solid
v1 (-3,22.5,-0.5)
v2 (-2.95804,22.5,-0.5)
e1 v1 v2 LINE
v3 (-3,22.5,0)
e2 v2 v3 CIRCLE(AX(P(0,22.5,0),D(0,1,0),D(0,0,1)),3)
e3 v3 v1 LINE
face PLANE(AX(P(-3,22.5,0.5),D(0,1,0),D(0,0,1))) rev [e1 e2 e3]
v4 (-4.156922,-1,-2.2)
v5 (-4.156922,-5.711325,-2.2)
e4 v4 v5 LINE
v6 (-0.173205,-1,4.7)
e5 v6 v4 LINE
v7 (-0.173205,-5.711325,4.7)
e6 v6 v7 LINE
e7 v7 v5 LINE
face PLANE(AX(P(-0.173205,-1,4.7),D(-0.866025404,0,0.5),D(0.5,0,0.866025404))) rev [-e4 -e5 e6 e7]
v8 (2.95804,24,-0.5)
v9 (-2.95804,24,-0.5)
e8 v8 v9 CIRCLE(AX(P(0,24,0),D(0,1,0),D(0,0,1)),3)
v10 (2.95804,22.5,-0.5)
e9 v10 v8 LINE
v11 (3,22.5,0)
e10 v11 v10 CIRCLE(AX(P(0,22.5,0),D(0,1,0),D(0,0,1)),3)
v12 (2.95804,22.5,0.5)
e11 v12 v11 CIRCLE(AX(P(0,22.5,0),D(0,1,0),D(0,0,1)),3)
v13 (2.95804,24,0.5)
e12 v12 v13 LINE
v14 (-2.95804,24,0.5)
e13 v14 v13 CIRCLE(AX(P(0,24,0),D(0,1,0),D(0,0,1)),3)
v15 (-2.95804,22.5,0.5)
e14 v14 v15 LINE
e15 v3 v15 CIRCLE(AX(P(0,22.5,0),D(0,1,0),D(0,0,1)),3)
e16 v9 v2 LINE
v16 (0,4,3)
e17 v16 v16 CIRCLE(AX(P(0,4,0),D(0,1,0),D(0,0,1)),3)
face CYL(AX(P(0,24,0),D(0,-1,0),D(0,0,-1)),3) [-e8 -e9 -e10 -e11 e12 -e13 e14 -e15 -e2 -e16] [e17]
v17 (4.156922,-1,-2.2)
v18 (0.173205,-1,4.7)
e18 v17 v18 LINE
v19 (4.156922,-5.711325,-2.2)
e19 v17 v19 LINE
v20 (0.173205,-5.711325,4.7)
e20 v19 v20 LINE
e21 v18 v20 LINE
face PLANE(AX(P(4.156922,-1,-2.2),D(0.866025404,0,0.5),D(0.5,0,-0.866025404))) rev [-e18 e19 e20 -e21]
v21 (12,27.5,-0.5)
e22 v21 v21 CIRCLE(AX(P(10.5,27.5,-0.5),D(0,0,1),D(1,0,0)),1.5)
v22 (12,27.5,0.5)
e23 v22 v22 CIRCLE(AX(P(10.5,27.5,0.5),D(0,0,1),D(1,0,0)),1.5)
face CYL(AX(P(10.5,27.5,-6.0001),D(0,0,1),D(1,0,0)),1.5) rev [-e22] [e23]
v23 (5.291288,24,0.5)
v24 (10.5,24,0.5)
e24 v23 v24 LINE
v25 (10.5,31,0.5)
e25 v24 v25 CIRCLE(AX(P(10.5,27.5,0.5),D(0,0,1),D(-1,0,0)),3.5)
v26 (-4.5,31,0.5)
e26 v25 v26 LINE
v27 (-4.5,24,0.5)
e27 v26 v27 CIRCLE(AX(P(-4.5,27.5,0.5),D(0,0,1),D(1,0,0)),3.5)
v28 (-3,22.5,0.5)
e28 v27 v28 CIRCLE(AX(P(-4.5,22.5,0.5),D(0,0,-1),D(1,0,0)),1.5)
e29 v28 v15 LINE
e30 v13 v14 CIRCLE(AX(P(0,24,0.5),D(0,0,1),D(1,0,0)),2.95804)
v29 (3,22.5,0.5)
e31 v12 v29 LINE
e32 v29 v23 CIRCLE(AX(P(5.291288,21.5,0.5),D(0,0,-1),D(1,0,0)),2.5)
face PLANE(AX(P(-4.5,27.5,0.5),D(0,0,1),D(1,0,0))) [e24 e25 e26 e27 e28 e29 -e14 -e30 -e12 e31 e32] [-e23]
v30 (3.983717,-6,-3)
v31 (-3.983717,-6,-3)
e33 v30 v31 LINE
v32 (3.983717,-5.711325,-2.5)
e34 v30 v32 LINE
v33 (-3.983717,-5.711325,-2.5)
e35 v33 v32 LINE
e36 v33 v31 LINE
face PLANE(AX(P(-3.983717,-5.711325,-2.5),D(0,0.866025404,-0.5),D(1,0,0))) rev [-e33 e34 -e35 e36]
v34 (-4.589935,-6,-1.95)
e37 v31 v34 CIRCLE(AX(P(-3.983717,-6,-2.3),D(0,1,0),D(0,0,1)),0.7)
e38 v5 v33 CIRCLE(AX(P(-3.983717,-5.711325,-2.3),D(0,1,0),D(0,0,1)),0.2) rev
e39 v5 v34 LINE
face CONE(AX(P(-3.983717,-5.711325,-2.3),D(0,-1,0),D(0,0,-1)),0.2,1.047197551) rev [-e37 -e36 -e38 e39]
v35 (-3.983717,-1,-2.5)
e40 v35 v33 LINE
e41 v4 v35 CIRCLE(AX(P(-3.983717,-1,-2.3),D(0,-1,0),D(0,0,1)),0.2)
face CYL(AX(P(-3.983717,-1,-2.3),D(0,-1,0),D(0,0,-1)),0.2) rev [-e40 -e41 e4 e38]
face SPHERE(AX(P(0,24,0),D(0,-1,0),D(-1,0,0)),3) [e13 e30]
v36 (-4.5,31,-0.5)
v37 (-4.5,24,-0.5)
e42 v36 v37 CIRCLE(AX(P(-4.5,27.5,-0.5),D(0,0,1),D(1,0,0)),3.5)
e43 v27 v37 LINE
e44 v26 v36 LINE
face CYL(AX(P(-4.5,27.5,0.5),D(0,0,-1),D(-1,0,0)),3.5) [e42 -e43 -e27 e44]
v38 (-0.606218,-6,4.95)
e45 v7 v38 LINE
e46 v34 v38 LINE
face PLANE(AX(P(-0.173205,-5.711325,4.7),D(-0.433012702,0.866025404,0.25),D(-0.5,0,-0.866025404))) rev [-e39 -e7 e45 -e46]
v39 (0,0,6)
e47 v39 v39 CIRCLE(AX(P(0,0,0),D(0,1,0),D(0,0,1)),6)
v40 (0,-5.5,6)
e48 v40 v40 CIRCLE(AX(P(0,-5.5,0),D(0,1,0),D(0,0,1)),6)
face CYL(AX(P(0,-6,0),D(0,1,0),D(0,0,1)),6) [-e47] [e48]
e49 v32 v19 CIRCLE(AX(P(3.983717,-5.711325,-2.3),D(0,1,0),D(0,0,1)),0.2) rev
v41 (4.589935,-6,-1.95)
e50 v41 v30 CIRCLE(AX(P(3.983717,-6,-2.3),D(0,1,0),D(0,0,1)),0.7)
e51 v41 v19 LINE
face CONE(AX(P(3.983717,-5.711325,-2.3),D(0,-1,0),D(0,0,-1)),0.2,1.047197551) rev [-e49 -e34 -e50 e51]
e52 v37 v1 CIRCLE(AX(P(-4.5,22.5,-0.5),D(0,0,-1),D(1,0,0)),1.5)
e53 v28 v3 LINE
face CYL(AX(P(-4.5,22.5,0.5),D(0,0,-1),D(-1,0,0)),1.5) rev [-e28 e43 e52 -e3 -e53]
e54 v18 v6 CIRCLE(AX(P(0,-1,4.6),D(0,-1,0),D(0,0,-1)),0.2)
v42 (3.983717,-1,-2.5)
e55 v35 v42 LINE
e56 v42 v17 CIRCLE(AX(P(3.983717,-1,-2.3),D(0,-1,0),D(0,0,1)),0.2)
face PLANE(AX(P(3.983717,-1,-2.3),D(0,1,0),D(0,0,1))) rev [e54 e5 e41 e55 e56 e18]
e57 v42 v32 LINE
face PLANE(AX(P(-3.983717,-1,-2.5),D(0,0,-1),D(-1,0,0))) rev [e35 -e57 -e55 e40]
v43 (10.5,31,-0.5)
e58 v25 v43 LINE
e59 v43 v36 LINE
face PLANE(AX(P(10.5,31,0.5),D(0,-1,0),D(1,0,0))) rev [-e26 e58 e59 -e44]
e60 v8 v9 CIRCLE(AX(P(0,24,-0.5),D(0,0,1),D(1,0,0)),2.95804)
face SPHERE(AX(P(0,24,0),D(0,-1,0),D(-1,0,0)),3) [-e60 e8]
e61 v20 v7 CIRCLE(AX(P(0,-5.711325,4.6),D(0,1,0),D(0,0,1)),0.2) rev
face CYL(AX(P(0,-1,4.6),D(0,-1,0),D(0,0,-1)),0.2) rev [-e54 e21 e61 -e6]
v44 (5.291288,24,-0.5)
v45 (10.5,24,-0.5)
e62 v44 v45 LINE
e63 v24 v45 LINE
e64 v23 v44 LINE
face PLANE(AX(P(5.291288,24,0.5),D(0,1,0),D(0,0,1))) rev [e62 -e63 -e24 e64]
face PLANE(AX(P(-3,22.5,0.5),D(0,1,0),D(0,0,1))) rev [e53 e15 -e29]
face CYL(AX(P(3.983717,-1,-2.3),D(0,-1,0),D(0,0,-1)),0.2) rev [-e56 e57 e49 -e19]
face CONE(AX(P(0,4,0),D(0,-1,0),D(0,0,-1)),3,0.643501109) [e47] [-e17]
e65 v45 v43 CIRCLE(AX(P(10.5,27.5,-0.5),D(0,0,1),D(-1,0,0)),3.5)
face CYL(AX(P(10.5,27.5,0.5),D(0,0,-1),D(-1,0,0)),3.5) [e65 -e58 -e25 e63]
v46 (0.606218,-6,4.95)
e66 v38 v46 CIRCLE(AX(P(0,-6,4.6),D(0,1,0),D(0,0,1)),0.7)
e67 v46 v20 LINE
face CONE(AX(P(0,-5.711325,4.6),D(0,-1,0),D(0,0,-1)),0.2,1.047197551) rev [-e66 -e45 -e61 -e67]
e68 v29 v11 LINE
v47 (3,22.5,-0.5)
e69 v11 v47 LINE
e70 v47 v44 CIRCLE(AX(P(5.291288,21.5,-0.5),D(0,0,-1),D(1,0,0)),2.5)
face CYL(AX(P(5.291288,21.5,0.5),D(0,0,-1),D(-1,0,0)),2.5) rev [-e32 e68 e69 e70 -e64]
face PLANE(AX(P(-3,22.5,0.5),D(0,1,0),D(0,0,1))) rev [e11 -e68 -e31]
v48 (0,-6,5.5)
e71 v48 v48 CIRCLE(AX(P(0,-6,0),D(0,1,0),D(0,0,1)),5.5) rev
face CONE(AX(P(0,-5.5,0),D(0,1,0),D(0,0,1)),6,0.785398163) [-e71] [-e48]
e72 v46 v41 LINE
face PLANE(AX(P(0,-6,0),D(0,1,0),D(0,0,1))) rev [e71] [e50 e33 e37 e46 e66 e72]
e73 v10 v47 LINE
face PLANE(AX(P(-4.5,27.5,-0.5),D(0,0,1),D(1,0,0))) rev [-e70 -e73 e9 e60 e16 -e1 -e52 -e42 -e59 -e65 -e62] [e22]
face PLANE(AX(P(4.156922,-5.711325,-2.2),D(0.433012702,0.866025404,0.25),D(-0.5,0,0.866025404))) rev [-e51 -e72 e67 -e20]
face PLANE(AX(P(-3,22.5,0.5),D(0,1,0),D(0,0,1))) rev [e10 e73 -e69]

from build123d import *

# Parameters (mm, degrees)
SKETCH_1_R          = 6
EXTRUDE_1_DEPTH     = 6
SKETCH_2_R          = 3
SKETCH_1_2_R        = 6
SKETCH_2_2_R        = 3
EXTRUDE_2_DEPTH     = 20
EXTRUDE_4_DEPTH     = 0.5
SKETCH_8_R          = 1.5
CUT_EXTRUDE_1_DEPTH = 35.630189161
CUT_EXTRUDE_2_DEPTH = 5
CHAMFER_1_SIZE      = 0.5
CHAMFER_1_SIZE2     = 0.288675135
CHAMFER_2_SIZE      = 0.5


with BuildPart() as part:
    # 草图1 → 凸台-拉伸1 (new body)
    with BuildSketch(Plane(origin=(0, 0, 0), x_dir=(1, 0, 0), z_dir=(0, 1, 0))):
        with Locations(Location((0, 0, 0), (0, 0, 270))):
            Circle(SKETCH_1_R)
    extrude(amount=-EXTRUDE_1_DEPTH)

    # 草图2 → 放样1 section 0
    with BuildSketch(Plane(origin=(0, 4, 0), x_dir=(1, 0, 0), z_dir=(0, 1, 0))):
        Circle(SKETCH_2_R)
    # 草图1<2> → 放样1 section 1
    with BuildSketch(Plane(origin=(0, 0, 0), x_dir=(1, 0, 0), z_dir=(0, 1, 0))):
        Circle(SKETCH_1_2_R)
    loft()

    # 草图2<2> → 凸台-拉伸2 (add)
    with BuildSketch(Plane(origin=(0, 4, 0), x_dir=(1, 0, 0), z_dir=(0, 1, 0))):
        with Locations(Location((0, 0, 0), (0, 0, 270))):
            Circle(SKETCH_2_2_R)
    extrude(amount=EXTRUDE_2_DEPTH)

    # 草图7 → 旋转2 (revolve)
    with BuildSketch(Plane.XY, mode=Mode.PRIVATE) as revolve_2_sk:
        with BuildLine():
            Line((-3, 24), (0, 24))
            Line((0, 24), (0, 27))
            ThreePointArc((0, 27), (-2.121320344, 26.121320344), (-3, 24))
        make_face()
    revolve(revolve_2_sk.sketch.rotate(Axis((0, 0, 0), (0, 1, 0)), 90), axis=Axis((0, 0, 0), (0, 1, 0)))

    # 草图5 → 凸台-拉伸4 (add, symmetric)
    with BuildSketch(Plane.XY):
        with BuildLine():
            Line((-3, 22.5), (3, 22.5))
            ThreePointArc((3, 22.5), (3.921981454, 23.591650066), (5.291287847, 24))
            Line((5.291287847, 24), (10.5, 24))
            ThreePointArc((10.5, 24), (14, 27.5), (10.5, 31))
            Line((10.5, 31), (-4.5, 31))
            ThreePointArc((-4.5, 31), (-8, 27.5), (-4.5, 24))
            ThreePointArc((-4.5, 24), (-3.439339828, 23.560660172), (-3, 22.5))
        make_face()
    extrude(amount=EXTRUDE_4_DEPTH, both=True)

    # 草图8 → 切除-拉伸1 (cut, through all)
    with BuildSketch(Plane.XY.offset(0.5)):
        with Locations((10.5, 27.5)):
            Circle(SKETCH_8_R)
    extrude(amount=-CUT_EXTRUDE_1_DEPTH, mode=Mode.SUBTRACT)

    # 草图9 → 切除-拉伸2 (cut)
    with BuildSketch(Plane.XZ.offset(6)):
        with BuildLine():
            Line((-0.173205081, 4.7), (-4.156921938, -2.2))
            ThreePointArc((-4.156921938, -2.2), (-4.156921938, -2.4), (-3.983716857, -2.5))
            Line((-3.983716857, -2.5), (3.983716857, -2.5))
            ThreePointArc((3.983716857, -2.5), (4.156921938, -2.4), (4.156921938, -2.2))
            Line((4.156921938, -2.2), (0.173205081, 4.7))
            ThreePointArc((0.173205081, 4.7), (0, 4.8), (-0.173205081, 4.7))
        make_face()
    extrude(amount=-CUT_EXTRUDE_2_DEPTH, mode=Mode.SUBTRACT)

    # 倒角1
    chamfer_1_edges = [part.edges().sort_by_distance(p)[0] for p in [
        (4.156921938, -6, -2.4),
        (2.165063509, -6, 1.25),
        (0, -6, 4.8),
        (-2.165063509, -6, 1.25),
        (-4.156921938, -6, -2.4),
        (0, -6, -2.5),
    ]]
    chamfer_1_side = [part.faces().sort_by_distance(p)[0] for p in [
        (0, -6, -5.830294373),
    ]]
    chamfer(chamfer_1_edges, length=CHAMFER_1_SIZE, length2=CHAMFER_1_SIZE2, reference=chamfer_1_side[0])

    # 倒角2
    chamfer_2_edges = [part.edges().sort_by_distance(p)[0] for p in [
        (0, -6, -6),
    ]]
    chamfer(chamfer_2_edges, length=CHAMFER_2_SIZE)


solid = part.part
